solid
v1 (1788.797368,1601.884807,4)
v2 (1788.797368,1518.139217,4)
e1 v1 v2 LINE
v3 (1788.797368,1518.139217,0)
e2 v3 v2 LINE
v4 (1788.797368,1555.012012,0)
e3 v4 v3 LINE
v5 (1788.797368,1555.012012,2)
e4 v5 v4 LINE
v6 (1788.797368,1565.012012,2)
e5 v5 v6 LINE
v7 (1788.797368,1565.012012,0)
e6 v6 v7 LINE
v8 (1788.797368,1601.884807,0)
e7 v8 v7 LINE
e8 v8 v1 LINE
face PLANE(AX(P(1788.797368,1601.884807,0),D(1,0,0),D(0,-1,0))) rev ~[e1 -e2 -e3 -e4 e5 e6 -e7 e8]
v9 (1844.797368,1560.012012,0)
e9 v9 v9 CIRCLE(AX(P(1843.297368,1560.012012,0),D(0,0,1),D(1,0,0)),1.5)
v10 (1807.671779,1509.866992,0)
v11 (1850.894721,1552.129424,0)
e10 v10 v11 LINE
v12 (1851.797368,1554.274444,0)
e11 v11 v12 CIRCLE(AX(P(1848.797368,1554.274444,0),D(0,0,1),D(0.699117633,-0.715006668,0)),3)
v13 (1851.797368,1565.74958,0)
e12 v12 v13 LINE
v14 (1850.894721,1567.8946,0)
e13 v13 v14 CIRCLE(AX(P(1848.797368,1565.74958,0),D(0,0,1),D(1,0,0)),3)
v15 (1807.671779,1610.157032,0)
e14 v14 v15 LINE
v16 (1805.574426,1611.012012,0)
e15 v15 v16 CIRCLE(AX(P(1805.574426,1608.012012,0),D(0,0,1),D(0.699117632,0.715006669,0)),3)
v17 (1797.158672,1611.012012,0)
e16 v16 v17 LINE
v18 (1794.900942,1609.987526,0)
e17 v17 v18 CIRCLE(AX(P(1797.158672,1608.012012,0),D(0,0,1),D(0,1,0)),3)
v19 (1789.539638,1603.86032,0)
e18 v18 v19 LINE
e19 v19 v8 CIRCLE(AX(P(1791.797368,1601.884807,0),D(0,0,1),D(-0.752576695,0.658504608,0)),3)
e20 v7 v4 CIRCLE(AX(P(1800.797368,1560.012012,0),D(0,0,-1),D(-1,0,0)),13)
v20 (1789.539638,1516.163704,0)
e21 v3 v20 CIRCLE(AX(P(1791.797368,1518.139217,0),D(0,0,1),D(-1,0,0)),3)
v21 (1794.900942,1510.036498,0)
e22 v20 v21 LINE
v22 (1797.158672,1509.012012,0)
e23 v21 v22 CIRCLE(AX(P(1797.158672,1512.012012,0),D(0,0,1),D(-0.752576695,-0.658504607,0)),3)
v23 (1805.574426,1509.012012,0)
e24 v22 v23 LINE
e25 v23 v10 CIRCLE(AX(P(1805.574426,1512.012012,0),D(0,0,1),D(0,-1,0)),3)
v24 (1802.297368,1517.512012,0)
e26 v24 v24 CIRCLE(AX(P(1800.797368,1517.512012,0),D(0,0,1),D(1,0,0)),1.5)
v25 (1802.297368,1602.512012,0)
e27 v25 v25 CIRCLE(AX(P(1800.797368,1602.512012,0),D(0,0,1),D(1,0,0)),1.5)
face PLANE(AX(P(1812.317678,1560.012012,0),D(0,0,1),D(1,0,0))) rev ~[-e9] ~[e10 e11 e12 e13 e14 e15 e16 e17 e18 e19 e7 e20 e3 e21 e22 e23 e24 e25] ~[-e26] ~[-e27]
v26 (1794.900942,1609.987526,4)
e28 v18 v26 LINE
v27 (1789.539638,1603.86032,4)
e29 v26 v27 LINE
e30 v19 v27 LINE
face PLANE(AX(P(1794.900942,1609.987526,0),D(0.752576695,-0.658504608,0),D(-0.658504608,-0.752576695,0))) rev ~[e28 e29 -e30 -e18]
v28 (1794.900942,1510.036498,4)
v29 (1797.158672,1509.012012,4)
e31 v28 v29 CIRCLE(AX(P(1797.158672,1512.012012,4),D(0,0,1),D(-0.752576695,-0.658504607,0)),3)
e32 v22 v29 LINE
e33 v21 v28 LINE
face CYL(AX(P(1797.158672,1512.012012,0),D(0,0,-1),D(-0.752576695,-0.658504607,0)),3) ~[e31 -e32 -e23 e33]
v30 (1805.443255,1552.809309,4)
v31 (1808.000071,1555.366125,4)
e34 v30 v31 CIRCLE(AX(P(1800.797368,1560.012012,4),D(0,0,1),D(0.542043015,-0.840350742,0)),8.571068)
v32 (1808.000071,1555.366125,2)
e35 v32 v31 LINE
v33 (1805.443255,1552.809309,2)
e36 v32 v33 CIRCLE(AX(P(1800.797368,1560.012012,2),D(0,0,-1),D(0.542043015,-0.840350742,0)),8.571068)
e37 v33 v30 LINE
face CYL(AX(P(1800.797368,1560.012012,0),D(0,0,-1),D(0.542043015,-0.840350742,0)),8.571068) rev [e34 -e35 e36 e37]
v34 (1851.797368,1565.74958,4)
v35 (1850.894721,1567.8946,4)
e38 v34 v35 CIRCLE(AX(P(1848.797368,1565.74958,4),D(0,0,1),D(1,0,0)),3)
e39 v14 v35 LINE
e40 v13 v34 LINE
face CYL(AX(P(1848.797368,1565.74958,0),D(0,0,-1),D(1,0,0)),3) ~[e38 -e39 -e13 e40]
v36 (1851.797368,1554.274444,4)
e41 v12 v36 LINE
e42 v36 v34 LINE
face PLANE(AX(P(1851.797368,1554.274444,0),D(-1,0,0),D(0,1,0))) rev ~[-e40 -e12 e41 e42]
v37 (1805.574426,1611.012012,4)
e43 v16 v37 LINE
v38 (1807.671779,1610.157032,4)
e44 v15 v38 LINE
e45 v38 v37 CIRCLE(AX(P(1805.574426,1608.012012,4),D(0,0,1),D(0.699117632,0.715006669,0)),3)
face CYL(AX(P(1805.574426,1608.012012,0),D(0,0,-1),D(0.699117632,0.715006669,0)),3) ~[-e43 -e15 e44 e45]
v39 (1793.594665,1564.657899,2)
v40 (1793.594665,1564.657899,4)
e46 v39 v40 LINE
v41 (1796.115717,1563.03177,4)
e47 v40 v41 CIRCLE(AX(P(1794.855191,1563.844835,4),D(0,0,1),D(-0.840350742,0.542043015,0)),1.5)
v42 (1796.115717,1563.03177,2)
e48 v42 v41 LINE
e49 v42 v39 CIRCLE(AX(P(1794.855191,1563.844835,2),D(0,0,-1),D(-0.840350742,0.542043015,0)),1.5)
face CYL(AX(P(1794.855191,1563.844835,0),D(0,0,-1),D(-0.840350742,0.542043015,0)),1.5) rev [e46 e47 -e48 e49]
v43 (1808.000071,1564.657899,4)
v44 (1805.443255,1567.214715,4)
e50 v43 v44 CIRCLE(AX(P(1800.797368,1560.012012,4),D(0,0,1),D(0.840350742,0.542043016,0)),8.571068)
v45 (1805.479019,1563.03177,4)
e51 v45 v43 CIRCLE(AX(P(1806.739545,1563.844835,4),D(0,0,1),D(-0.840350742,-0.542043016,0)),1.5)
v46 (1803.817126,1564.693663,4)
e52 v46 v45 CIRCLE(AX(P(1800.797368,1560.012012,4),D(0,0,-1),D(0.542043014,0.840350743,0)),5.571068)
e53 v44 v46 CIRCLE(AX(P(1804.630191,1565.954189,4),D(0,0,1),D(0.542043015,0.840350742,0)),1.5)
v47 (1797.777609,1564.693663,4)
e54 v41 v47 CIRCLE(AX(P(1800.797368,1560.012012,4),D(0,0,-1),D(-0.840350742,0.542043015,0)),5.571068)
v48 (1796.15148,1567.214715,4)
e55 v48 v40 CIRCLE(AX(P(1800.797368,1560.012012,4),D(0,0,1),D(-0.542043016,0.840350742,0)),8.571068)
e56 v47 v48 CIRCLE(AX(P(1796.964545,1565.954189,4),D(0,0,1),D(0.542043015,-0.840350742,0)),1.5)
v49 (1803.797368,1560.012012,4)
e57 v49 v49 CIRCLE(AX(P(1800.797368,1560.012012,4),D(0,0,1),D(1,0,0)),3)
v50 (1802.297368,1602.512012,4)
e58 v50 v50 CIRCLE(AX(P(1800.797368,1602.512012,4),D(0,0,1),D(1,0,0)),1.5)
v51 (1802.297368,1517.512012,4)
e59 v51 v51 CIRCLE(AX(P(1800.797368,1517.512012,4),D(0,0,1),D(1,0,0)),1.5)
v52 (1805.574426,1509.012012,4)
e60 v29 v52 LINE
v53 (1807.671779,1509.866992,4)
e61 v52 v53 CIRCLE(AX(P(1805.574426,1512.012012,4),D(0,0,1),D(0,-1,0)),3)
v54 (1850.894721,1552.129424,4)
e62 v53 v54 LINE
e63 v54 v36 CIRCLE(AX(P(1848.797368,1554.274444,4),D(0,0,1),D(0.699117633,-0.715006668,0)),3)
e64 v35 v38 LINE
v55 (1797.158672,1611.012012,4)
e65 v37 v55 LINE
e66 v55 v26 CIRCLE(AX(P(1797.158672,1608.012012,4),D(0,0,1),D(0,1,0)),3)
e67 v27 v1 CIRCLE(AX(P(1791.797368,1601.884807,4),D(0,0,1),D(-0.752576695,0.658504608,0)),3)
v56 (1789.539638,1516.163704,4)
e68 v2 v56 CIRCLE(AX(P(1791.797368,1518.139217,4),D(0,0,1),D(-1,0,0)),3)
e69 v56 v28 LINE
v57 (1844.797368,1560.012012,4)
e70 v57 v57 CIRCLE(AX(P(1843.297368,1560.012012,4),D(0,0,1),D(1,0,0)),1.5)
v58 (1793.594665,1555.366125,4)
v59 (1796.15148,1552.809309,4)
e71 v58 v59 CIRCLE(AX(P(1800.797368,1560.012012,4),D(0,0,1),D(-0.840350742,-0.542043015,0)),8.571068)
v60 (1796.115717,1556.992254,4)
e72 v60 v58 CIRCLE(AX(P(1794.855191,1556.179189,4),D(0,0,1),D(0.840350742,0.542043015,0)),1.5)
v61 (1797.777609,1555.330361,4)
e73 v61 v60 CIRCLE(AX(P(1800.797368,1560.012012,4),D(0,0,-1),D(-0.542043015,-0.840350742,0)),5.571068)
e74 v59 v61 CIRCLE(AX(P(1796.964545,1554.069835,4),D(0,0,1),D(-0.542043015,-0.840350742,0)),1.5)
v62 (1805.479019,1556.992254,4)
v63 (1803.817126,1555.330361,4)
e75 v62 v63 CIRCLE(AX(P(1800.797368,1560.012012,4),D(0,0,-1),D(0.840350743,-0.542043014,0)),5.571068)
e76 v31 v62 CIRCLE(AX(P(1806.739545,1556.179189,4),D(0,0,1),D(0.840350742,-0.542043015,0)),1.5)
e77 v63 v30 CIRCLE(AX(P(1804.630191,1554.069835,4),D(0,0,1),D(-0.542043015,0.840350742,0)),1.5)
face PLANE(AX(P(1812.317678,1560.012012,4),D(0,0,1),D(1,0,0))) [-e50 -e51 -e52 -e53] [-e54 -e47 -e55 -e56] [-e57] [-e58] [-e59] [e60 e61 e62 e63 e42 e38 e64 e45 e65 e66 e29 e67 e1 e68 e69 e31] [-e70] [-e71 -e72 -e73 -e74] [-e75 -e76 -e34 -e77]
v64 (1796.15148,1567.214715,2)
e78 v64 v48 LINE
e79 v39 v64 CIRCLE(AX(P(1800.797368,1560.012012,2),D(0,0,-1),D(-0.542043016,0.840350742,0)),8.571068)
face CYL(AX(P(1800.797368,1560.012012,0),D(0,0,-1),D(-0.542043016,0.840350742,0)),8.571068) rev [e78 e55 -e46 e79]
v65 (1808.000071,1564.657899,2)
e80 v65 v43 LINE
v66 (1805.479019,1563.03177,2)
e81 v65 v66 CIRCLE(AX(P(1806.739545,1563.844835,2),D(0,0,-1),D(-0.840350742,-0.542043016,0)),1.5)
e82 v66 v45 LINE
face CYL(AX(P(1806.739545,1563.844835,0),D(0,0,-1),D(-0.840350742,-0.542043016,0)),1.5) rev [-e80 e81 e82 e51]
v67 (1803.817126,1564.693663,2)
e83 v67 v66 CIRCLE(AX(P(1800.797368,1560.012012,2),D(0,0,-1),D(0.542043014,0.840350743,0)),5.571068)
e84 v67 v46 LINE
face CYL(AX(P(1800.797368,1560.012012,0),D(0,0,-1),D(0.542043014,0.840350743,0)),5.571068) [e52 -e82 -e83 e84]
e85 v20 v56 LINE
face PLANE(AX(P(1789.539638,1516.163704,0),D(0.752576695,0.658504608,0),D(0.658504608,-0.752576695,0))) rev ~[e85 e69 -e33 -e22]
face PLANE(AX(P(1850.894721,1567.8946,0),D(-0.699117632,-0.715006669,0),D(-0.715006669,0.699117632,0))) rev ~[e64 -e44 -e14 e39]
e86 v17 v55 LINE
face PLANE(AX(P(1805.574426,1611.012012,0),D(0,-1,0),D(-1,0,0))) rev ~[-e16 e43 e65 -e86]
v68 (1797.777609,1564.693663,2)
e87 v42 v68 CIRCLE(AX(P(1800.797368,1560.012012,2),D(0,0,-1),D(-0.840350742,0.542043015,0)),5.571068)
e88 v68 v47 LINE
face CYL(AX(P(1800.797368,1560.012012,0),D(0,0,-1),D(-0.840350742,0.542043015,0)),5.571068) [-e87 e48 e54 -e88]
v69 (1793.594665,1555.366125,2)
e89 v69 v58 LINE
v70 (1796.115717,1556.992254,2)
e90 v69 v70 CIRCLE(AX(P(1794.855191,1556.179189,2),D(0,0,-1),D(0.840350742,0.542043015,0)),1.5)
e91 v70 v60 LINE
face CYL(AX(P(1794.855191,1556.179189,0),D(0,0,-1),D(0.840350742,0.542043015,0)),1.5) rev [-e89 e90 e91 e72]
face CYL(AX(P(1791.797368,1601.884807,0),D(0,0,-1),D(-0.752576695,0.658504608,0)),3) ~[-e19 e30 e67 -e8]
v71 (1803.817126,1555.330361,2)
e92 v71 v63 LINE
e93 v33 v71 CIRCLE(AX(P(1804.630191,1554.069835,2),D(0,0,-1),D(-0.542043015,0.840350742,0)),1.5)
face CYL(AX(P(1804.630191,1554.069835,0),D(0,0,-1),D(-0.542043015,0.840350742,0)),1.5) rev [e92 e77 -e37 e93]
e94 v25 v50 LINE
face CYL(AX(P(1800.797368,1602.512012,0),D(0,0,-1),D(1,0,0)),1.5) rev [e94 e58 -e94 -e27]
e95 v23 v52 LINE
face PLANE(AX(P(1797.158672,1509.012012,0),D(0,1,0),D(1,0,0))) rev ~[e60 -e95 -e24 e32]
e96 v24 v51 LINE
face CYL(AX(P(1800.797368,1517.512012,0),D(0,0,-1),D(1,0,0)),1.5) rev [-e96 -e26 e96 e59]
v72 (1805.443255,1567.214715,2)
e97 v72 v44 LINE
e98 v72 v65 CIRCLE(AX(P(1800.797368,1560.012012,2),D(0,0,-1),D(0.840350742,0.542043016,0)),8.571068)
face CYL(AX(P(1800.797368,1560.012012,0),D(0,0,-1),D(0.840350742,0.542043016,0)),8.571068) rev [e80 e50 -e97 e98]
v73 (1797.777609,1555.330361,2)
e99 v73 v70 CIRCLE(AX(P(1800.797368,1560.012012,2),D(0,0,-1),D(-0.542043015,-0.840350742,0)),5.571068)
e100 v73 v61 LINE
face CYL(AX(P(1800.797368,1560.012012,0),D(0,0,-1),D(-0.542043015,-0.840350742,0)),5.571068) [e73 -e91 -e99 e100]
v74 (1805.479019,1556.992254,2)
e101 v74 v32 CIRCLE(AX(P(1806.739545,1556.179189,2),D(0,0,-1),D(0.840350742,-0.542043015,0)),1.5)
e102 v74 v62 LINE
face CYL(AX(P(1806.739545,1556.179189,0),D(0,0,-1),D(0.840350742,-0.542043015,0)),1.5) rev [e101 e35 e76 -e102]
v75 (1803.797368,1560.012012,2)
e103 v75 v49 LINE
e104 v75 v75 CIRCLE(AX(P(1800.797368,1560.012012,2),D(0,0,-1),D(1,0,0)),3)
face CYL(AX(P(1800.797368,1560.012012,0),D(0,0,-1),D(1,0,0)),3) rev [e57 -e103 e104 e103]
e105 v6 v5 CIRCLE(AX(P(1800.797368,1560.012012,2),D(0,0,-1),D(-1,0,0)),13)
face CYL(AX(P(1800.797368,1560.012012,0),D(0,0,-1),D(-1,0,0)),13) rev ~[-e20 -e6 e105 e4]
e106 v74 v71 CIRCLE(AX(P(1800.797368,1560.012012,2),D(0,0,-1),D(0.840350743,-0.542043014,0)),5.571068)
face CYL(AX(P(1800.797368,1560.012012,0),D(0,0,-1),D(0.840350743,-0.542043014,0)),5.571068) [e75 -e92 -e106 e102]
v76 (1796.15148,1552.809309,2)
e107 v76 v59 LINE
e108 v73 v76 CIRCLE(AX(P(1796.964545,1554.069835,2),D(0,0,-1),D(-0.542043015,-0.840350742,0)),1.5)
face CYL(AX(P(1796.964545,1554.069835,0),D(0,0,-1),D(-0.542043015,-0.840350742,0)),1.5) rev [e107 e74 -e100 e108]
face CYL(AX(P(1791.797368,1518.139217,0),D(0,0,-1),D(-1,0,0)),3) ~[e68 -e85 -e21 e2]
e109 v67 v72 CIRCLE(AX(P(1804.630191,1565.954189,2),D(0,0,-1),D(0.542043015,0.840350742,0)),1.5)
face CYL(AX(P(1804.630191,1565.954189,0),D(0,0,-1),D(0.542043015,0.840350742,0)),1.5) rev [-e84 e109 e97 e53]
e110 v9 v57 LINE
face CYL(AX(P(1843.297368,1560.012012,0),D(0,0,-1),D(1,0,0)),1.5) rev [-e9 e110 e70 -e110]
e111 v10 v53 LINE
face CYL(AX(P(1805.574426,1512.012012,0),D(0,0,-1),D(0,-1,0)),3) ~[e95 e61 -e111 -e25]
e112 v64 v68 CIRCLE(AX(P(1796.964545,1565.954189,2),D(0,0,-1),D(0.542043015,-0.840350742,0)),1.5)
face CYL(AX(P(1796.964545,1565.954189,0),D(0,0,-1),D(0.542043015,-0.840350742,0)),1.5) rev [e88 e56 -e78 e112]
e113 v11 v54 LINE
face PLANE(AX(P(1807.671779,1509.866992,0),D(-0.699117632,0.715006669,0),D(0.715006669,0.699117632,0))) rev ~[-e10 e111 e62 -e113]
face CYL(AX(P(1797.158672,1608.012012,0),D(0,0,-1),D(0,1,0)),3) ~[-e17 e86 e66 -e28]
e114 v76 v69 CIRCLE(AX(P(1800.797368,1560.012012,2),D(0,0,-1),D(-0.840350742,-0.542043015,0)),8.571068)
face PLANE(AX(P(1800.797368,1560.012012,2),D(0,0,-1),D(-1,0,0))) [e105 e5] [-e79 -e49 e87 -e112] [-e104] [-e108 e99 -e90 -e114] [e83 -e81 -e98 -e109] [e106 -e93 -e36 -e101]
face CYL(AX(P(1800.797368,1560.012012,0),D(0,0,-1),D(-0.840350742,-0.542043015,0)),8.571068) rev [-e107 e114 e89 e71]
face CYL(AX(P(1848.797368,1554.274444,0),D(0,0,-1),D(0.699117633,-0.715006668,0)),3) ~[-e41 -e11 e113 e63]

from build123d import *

# Parameters (mm, degrees)
SKETCH_1_R          = 3
SKETCH_1_R_2        = 1.5
EXTRUDE_1_DEPTH     = 4
SKETCH_3_R          = 13
CUT_EXTRUDE_2_DEPTH = 2


with BuildPart() as part:
    # 草图1 → 凸台-拉伸1 (new body)
    with BuildSketch(Plane.XY):
        with BuildLine():
            Line((1789.5396377, 1516.163703518), (1794.90094238, 1510.03649817))
            ThreePointArc((1794.90094238, 1510.03649817), (1795.919023617, 1509.280113251), (1797.158672464, 1509.012011993))
            Line((1797.158672464, 1509.012011993), (1805.574426245, 1509.012011993))
            ThreePointArc((1805.574426245, 1509.012011993), (1806.70688816, 1509.233967715), (1807.671779141, 1509.866991986))
            Line((1807.671779141, 1509.866991986), (1850.89472068, 1552.129423713))
            ThreePointArc((1850.89472068, 1552.129423713), (1851.562513231, 1553.110841273), (1851.797367784, 1554.274443721))
            Line((1851.797367784, 1554.274443721), (1851.797367784, 1565.749580266))
            ThreePointArc((1851.797367784, 1565.749580266), (1851.562513231, 1566.913182714), (1850.89472068, 1567.894600273))
            Line((1850.89472068, 1567.894600273), (1807.671779141, 1610.157032))
            ThreePointArc((1807.671779141, 1610.157032), (1806.70688816, 1610.790056271), (1805.574426245, 1611.012011993))
            Line((1805.574426245, 1611.012011993), (1797.158672464, 1611.012011993))
            ThreePointArc((1797.158672464, 1611.012011993), (1795.919023617, 1610.743910735), (1794.90094238, 1609.987525817))
            Line((1794.90094238, 1609.987525817), (1789.5396377, 1603.860320468))
            ThreePointArc((1789.5396377, 1603.860320468), (1788.989059552, 1602.939986664), (1788.797367784, 1601.884806645))
            Line((1788.797367784, 1601.884806645), (1788.797367784, 1518.139217341))
            ThreePointArc((1788.797367784, 1518.139217341), (1788.989059552, 1517.084037322), (1789.5396377, 1516.163703518))
        make_face()
        with Locations((1800.797367784, 1560.012011993)):
            Circle(SKETCH_1_R, mode=Mode.SUBTRACT)
        with Locations((1800.797367784, 1602.512011993)):
            Circle(SKETCH_1_R_2, mode=Mode.SUBTRACT)
        with Locations((1843.297367784, 1560.012011993)):
            Circle(SKETCH_1_R_2, mode=Mode.SUBTRACT)
        with Locations((1800.797367784, 1517.512011993)):
            Circle(SKETCH_1_R_2, mode=Mode.SUBTRACT)
        with BuildLine():
            ThreePointArc((1805.443255224, 1552.809308797), (1806.858027956, 1553.951351821), (1808.000070981, 1555.366124554))
            ThreePointArc((1808.000070981, 1555.366124554), (1807.55260939, 1557.43971519), (1805.479018754, 1556.992253599))
            ThreePointArc((1805.479018754, 1556.992253599), (1804.736707613, 1556.072672165), (1803.817126178, 1555.330361023))
            ThreePointArc((1803.817126178, 1555.330361023), (1803.369664588, 1553.256770387), (1805.443255224, 1552.809308797))
        make_face(mode=Mode.SUBTRACT)
        with BuildLine():
            ThreePointArc((1808.000070981, 1564.657899433), (1806.858027956, 1566.072672165), (1805.443255224, 1567.21471519))
            ThreePointArc((1805.443255224, 1567.21471519), (1803.369664588, 1566.767253599), (1803.817126178, 1564.693662963))
            ThreePointArc((1803.817126178, 1564.693662963), (1804.736707613, 1563.951351821), (1805.479018754, 1563.031770387))
            ThreePointArc((1805.479018754, 1563.031770387), (1807.55260939, 1562.584308797), (1808.000070981, 1564.657899433))
        make_face(mode=Mode.SUBTRACT)
        with BuildLine():
            ThreePointArc((1796.151480345, 1567.21471519), (1794.736707613, 1566.072672165), (1793.594664588, 1564.657899433))
            ThreePointArc((1793.594664588, 1564.657899433), (1794.042126178, 1562.584308797), (1796.115716814, 1563.031770387))
            ThreePointArc((1796.115716814, 1563.031770387), (1796.858027956, 1563.951351821), (1797.77760939, 1564.693662963))
            ThreePointArc((1797.77760939, 1564.693662963), (1798.225070981, 1566.767253599), (1796.151480345, 1567.21471519))
        make_face(mode=Mode.SUBTRACT)
        with BuildLine():
            ThreePointArc((1793.594664588, 1555.366124554), (1794.736707613, 1553.951351821), (1796.151480345, 1552.809308797))
            ThreePointArc((1796.151480345, 1552.809308797), (1798.225070981, 1553.256770387), (1797.77760939, 1555.330361023))
            ThreePointArc((1797.77760939, 1555.330361023), (1796.858027956, 1556.072672165), (1796.115716814, 1556.992253599))
            ThreePointArc((1796.115716814, 1556.992253599), (1794.042126178, 1557.43971519), (1793.594664588, 1555.366124554))
        make_face(mode=Mode.SUBTRACT)
    extrude(amount=EXTRUDE_1_DEPTH)

    # 草图3 → 切除-拉伸2 (cut)
    with BuildSketch(Plane(origin=(0, 0, 0), x_dir=(-1, 0, 0), z_dir=(0, 0, -1))):
        with Locations((-1800.797367784, 1560.012011993)):
            Circle(SKETCH_3_R)
    extrude(amount=-CUT_EXTRUDE_2_DEPTH, mode=Mode.SUBTRACT)


solid = part.part
